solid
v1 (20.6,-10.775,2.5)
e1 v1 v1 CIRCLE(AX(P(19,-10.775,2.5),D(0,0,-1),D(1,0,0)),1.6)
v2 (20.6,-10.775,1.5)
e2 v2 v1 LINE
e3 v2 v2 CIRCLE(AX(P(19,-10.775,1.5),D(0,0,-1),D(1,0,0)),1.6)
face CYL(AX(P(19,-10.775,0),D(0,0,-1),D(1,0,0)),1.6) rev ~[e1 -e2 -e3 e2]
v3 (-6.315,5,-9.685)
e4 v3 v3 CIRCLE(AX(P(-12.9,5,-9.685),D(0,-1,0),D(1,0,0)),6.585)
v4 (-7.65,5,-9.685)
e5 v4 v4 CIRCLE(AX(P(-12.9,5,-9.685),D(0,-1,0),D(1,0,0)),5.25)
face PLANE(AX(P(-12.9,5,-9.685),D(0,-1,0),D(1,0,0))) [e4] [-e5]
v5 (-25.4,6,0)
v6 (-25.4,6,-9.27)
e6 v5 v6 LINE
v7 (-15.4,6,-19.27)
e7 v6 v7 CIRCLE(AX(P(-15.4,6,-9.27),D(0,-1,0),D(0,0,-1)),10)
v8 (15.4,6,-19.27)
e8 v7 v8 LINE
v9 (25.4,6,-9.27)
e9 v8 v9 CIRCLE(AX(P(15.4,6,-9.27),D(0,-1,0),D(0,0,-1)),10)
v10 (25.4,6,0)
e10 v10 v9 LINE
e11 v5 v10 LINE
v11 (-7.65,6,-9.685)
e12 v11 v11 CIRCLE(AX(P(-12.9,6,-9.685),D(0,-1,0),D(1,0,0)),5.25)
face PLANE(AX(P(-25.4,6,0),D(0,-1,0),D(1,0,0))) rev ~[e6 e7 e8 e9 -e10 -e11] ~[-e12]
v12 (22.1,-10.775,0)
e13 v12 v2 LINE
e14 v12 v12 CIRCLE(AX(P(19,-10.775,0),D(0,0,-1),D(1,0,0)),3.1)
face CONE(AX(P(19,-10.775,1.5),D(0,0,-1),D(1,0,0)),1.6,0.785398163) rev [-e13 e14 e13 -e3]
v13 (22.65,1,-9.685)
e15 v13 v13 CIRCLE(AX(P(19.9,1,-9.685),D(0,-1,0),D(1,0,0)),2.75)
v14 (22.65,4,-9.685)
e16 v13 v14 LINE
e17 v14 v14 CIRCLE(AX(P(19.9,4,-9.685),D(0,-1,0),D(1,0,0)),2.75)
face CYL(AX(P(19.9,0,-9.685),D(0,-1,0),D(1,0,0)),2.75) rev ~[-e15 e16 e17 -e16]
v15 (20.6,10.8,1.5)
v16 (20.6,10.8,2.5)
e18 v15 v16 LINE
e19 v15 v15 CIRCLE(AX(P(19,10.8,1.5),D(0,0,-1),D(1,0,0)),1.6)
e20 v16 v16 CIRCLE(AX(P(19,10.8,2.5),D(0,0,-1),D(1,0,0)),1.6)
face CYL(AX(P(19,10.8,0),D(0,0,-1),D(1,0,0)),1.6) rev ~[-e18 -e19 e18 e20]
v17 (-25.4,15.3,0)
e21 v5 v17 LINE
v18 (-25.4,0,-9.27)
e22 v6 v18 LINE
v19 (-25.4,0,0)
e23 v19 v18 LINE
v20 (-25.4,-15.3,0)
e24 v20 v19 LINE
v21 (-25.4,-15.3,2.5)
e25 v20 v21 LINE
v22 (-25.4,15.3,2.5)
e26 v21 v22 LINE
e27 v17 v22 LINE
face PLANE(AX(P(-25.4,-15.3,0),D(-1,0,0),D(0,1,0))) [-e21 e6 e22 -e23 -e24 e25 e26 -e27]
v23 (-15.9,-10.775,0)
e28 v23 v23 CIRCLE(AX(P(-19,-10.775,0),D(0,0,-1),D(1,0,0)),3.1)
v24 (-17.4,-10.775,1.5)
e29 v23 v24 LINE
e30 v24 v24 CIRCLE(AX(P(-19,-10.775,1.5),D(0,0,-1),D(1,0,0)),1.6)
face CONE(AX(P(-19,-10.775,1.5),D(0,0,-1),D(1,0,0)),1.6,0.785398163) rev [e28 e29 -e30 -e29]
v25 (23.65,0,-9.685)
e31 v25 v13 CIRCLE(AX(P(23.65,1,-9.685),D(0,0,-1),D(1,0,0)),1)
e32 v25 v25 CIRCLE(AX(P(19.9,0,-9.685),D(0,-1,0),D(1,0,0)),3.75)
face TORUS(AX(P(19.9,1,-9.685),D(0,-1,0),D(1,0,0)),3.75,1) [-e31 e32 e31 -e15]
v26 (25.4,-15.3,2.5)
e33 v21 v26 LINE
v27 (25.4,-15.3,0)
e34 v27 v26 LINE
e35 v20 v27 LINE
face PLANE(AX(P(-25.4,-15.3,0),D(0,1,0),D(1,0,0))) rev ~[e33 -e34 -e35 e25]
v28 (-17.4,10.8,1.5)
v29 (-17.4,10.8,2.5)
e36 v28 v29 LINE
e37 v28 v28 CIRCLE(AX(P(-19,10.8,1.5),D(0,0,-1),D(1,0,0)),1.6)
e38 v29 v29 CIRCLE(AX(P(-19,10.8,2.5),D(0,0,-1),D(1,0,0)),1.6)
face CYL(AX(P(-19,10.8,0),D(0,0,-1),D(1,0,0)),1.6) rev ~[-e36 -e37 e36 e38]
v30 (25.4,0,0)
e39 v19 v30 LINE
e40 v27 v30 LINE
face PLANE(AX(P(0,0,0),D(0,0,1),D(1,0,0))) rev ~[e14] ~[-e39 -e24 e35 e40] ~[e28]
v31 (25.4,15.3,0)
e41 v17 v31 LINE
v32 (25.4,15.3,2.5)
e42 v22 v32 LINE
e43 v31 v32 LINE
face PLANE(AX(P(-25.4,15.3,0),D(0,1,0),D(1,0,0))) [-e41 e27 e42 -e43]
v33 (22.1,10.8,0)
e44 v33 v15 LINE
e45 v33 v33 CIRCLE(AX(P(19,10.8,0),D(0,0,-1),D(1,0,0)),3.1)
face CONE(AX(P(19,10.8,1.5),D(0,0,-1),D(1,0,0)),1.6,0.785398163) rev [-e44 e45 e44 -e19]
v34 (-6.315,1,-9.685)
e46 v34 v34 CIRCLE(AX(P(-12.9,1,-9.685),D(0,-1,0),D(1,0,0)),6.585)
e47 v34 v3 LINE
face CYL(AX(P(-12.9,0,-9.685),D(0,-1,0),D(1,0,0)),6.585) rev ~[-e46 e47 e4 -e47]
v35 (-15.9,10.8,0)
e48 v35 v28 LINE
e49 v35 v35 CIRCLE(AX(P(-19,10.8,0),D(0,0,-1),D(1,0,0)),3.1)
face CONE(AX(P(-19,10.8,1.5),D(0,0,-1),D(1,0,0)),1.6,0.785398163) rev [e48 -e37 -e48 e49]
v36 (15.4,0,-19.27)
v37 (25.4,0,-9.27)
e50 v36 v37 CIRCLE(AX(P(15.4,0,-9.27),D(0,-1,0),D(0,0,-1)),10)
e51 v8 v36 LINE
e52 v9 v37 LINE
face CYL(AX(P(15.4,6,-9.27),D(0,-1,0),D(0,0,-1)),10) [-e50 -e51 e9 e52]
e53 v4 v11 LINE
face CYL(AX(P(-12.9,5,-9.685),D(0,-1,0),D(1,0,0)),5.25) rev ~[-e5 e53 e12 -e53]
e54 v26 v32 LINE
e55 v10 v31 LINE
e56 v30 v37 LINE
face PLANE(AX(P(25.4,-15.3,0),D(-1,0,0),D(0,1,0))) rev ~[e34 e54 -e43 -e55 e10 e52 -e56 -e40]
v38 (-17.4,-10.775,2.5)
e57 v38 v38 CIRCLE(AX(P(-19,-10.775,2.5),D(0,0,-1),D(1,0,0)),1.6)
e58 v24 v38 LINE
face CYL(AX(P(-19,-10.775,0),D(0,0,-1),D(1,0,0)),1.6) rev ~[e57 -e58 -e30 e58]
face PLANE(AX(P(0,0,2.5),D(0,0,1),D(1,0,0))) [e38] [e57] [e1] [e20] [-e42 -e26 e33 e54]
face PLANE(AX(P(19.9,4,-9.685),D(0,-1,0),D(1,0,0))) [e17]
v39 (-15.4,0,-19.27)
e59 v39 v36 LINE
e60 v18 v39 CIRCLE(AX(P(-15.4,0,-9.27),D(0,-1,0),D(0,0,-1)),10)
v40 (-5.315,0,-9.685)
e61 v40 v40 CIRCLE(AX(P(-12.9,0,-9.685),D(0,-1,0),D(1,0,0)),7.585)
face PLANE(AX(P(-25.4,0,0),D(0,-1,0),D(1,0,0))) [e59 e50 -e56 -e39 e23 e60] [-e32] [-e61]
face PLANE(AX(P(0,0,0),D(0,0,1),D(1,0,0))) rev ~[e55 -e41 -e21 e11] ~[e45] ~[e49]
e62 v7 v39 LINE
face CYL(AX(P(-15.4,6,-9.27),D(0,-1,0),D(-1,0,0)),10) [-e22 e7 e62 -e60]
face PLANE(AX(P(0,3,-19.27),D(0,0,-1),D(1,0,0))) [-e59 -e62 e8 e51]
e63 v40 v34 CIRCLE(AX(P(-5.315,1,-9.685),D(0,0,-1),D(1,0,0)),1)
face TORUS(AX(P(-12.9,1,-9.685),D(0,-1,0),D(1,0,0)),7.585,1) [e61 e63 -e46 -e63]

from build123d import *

# Parameters (mm, degrees)
SKETCH084_W     = 50.8
SKETCH084_H     = 30.6
PAD021_DEPTH    = 2.5
SKETCH085_R     = 1.6
POCKET071_DEPTH = 2.501
SKETCH086_W     = 50.8
SKETCH086_H     = 6
PAD022_DEPTH    = 19.27
SKETCH087_R     = 6.585
POCKET072_DEPTH = 5
SKETCH088_R     = 2.75
POCKET073_DEPTH = 4
SKETCH089_R     = 5.25
POCKET074_DEPTH = 10.301
CHAMFER013_SIZE = 1.5
FILLET002_R     = 1
FILLET003_R     = 10


with BuildPart() as part:
    # Sketch084 → Pad021 (new body)
    with BuildSketch(Plane.XY):
        Rectangle(SKETCH084_W, SKETCH084_H)
    extrude(amount=PAD021_DEPTH)

    # Sketch085 (on Face5 of Pad021) → Pocket071 (cut, through all)
    with BuildSketch(Plane(origin=(0, 0, 0), x_dir=(1, 0, 0), z_dir=(0, 0, -1))):
        with Locations((-19, 10.775)):
            Circle(SKETCH085_R)
        with Locations((19, 10.775)):
            Circle(SKETCH085_R)
        with Locations((19, -10.8)):
            Circle(SKETCH085_R)
        with Locations((-19, -10.8)):
            Circle(SKETCH085_R)
    extrude(amount=-POCKET071_DEPTH, mode=Mode.SUBTRACT)

    # Sketch086 (on Face4 of Pocket071) → Pad022 (join)
    with BuildSketch(Plane(origin=(0, 0, 0), x_dir=(1, 0, 0), z_dir=(0, 0, -1))):
        with Locations((0, -3)):
            Rectangle(SKETCH086_W, SKETCH086_H)
    extrude(amount=PAD022_DEPTH)

    # Sketch087 (on Face12 of Pad022) → Pocket072 (cut)
    with BuildSketch(Plane.XZ):
        with Locations((-12.9, -9.685)):
            Circle(SKETCH087_R)
    extrude(amount=-POCKET072_DEPTH, mode=Mode.SUBTRACT)

    # Sketch088 (on Face12 of Pocket072) → Pocket073 (cut)
    with BuildSketch(Plane.XZ):
        with Locations((19.9, -9.685)):
            Circle(SKETCH088_R)
    extrude(amount=-POCKET073_DEPTH, mode=Mode.SUBTRACT)

    # Sketch089 (on Face20 of Pocket073) → Pocket074 (cut, through all)
    with BuildSketch(Plane.XZ.offset(-5)):
        with Locations((-12.9, -9.685)):
            Circle(SKETCH089_R)
    extrude(amount=-POCKET074_DEPTH, mode=Mode.SUBTRACT)

    # Chamfer013
    chamfer013_edges = [part.edges().sort_by_distance(p)[0] for p in [
        (-20.6, -10.775, 0),
        (17.4, -10.775, 0),
        (17.4, 10.8, 0),
        (-20.6, 10.8, 0),
    ]]
    chamfer(chamfer013_edges, length=CHAMFER013_SIZE)

    # Fillet002
    fillet002_edges = [part.edges().sort_by_distance(p)[0] for p in [
        (-19.485, 0, -9.685),
        (17.15, 0, -9.685),
    ]]
    fillet(fillet002_edges, radius=FILLET002_R)

    # Fillet003
    fillet003_edges = [part.edges().sort_by_distance(p)[0] for p in [
        (-25.4, 3, -19.27),
        (25.4, 3, -19.27),
    ]]
    fillet(fillet003_edges, radius=FILLET003_R)


solid = part.part
